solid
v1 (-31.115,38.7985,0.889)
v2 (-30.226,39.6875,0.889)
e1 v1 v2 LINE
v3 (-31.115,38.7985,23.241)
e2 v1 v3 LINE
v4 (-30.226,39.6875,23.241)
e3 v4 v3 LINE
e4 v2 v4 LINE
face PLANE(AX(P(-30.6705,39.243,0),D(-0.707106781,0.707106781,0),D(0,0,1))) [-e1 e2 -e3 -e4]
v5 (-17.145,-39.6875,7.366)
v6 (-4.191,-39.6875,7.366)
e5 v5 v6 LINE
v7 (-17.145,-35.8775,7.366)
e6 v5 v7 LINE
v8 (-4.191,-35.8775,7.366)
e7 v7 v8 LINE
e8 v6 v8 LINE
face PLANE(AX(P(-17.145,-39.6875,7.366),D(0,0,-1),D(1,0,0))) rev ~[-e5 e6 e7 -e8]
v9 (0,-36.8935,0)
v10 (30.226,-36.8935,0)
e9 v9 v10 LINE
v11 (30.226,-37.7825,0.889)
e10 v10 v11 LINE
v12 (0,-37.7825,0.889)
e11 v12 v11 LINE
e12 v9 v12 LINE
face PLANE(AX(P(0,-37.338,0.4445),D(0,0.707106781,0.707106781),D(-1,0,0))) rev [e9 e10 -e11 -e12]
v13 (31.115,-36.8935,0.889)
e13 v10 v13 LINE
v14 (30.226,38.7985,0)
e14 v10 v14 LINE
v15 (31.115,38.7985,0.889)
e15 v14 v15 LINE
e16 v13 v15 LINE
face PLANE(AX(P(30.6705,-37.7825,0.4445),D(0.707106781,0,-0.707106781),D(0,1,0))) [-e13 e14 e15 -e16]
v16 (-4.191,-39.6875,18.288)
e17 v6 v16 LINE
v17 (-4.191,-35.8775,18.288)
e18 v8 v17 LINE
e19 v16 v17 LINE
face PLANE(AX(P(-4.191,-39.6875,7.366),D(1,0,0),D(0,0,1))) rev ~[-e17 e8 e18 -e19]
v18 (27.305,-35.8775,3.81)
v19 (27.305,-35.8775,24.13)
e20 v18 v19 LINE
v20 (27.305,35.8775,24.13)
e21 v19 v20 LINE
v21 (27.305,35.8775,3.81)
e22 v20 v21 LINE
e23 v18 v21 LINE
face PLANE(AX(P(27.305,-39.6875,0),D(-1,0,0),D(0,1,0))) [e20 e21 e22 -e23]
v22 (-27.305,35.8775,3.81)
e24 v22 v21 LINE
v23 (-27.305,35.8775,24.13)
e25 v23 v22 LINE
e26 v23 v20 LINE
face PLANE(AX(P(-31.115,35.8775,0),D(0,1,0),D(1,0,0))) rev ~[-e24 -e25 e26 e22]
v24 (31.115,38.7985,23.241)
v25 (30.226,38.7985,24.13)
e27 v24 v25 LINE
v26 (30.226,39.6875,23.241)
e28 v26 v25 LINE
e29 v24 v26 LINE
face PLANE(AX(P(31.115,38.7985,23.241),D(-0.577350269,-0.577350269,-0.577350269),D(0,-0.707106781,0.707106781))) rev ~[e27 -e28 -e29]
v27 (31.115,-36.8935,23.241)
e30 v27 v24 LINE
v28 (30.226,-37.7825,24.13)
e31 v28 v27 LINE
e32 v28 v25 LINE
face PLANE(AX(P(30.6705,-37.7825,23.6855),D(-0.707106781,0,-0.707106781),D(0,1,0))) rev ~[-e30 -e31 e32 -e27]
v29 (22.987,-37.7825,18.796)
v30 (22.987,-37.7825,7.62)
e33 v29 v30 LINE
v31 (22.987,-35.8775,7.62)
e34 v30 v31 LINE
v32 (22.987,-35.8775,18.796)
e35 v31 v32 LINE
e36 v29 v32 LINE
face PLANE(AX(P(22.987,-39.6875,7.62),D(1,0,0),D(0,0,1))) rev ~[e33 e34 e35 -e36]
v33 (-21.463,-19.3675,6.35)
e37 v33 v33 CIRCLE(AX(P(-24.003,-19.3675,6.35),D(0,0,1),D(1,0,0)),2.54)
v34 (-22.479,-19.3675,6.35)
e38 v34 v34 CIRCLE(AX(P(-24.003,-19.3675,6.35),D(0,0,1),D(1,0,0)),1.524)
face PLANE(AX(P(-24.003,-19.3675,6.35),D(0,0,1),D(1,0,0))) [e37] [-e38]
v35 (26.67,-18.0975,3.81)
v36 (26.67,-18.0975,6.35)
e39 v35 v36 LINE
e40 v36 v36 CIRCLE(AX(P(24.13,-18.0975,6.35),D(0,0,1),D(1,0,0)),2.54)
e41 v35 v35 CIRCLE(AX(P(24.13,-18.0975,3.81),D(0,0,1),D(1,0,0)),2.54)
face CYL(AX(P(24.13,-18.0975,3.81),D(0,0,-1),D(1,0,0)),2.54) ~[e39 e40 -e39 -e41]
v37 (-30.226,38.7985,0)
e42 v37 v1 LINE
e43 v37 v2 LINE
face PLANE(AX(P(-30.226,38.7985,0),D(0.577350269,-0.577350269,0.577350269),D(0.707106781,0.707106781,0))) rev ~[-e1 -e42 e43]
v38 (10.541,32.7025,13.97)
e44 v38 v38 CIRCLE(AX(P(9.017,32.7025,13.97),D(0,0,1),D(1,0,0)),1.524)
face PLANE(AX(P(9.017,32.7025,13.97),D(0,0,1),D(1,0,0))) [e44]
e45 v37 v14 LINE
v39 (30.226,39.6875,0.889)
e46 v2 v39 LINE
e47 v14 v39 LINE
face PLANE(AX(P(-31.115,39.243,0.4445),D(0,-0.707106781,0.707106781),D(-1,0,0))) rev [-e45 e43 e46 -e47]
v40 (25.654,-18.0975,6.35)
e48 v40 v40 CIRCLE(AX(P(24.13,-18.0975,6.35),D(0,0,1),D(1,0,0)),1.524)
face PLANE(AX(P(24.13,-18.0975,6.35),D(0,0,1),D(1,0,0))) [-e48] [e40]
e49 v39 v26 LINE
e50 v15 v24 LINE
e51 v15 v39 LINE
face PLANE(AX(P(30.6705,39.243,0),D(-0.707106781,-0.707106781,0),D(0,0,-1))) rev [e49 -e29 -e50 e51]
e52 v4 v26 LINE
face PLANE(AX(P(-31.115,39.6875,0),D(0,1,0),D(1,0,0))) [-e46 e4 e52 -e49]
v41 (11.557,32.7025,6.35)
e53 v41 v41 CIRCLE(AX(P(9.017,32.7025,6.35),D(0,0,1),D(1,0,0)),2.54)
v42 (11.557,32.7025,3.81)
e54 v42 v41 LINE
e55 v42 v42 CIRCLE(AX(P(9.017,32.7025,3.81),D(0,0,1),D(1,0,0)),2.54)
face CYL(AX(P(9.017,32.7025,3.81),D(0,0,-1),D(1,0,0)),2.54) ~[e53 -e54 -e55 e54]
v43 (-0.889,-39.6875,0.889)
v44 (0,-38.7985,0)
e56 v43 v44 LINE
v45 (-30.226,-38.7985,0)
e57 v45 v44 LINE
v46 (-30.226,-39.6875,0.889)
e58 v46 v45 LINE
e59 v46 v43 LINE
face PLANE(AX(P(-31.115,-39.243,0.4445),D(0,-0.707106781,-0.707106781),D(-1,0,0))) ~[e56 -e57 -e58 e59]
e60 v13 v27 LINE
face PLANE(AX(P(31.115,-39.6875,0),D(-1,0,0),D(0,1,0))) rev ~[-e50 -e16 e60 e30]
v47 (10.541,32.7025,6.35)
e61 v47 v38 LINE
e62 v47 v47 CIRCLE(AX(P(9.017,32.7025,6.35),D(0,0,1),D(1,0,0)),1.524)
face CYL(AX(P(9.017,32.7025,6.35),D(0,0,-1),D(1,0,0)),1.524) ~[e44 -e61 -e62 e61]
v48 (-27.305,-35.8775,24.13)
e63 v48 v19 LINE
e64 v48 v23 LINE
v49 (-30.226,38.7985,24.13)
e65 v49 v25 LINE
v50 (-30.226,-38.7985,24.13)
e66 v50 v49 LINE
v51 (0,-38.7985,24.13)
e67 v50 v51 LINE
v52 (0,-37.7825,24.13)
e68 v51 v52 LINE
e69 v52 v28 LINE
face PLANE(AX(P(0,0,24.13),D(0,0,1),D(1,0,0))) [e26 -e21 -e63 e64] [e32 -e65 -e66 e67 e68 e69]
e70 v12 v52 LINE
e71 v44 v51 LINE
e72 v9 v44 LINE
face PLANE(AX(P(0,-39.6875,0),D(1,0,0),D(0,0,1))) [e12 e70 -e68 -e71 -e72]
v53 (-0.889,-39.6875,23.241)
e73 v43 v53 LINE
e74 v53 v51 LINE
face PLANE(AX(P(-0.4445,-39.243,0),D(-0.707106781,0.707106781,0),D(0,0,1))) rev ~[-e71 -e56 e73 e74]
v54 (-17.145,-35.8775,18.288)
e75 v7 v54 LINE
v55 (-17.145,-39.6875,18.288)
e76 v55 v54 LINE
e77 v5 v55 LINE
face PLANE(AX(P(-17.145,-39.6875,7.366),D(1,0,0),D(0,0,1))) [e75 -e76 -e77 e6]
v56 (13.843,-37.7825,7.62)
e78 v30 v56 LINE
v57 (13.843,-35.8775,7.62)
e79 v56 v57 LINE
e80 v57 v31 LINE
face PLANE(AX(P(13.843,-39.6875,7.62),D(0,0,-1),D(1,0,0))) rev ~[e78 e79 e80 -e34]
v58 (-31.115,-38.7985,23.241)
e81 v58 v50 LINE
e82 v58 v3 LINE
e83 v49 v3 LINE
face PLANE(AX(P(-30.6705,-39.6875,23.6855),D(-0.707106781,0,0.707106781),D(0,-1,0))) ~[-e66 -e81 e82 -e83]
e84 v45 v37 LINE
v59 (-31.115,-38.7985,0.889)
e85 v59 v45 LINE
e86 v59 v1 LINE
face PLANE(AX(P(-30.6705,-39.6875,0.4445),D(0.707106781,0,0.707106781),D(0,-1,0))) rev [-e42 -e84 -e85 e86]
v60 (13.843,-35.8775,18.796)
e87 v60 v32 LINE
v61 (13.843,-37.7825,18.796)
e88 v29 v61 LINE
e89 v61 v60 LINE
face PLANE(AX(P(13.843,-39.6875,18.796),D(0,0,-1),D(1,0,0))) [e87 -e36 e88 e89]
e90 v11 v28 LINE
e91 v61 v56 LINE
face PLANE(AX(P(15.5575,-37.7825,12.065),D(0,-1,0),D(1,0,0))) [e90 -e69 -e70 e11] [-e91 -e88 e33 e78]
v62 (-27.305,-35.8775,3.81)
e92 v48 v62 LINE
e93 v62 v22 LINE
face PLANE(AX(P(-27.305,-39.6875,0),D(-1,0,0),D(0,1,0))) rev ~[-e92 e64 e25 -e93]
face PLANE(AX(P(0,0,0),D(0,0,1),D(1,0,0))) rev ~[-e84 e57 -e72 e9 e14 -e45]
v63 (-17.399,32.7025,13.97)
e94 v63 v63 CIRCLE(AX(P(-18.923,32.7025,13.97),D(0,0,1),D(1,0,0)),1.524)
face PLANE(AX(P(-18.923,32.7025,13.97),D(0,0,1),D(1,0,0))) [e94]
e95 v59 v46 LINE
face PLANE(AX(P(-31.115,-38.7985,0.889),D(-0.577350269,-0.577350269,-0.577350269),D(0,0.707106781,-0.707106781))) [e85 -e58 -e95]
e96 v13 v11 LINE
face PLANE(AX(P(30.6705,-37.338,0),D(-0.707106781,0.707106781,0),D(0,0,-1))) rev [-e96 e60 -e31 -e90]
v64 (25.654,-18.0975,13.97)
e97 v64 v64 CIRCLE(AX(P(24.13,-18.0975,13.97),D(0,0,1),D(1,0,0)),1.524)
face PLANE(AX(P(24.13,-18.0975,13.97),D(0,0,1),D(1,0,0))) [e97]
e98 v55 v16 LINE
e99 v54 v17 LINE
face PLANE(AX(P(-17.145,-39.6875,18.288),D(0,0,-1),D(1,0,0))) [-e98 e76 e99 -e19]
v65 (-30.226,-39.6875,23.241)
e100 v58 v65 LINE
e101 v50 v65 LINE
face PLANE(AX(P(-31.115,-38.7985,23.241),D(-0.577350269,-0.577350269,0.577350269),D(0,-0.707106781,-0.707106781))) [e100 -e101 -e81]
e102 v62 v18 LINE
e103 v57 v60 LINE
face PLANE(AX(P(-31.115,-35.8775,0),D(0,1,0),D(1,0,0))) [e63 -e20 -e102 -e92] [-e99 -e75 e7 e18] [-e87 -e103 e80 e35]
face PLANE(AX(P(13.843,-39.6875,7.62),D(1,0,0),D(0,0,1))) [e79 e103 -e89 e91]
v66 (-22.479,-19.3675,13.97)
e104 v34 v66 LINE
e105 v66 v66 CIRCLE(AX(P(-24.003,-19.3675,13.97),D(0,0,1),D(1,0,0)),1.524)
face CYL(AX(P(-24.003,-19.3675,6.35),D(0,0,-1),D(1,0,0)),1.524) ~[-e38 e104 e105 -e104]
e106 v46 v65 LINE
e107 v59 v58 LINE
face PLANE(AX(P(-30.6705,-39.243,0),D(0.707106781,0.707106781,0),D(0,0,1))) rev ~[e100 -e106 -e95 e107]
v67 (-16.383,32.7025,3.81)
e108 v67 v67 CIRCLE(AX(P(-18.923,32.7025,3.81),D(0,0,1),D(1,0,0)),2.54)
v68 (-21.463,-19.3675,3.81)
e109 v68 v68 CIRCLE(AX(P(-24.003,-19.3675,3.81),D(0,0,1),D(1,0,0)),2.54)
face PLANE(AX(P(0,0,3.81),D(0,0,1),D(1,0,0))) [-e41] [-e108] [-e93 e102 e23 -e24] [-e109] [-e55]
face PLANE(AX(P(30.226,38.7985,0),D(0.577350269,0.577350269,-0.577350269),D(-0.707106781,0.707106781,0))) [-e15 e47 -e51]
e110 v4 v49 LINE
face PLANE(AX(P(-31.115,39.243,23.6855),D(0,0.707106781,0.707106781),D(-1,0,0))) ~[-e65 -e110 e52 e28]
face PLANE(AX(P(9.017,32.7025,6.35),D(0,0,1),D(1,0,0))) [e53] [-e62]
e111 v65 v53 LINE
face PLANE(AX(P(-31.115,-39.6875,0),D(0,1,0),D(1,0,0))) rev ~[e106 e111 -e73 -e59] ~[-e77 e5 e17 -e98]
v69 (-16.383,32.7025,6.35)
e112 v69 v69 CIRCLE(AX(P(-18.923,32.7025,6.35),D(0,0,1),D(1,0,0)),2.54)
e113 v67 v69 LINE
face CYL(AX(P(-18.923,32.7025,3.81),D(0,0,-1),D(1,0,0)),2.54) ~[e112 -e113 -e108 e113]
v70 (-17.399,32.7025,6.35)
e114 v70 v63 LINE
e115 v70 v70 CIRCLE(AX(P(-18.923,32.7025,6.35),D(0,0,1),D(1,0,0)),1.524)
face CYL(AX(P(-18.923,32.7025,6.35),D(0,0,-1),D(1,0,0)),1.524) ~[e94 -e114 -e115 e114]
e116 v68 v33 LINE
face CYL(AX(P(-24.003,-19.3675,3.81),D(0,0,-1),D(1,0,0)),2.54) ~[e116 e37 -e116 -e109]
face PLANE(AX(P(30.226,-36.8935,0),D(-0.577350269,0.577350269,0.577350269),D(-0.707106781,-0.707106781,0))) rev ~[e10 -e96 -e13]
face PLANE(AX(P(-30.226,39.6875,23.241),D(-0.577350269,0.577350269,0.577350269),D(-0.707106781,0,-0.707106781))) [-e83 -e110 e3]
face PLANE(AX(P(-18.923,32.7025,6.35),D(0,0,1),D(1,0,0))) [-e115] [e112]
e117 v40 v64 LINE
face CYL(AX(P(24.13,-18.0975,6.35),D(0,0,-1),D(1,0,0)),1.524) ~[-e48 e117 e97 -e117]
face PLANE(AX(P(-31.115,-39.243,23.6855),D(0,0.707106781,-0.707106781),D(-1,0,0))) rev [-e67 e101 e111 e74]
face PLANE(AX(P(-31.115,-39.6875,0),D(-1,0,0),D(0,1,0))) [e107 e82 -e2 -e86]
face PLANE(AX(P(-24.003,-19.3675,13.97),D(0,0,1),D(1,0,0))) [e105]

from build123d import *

# Parameters (mm, degrees)
F0_W      = 62.23
F0_H      = 79.375
F1_DEPTH  = 24.13
F2_T      = -3.81
F4_R      = 2.54
F5_DEPTH  = 2.54
F7_R      = 1.524
F8_DEPTH  = 7.62
F9_W      = 12.954
F9_H      = 10.922
F9_W_2    = 9.144
F9_H_2    = 11.176
F10_DEPTH = 3.81
F11_W     = 31.115
F11_H     = 24.13
F12_DEPTH = 1.905
F13_SIZE  = 0.889


with BuildPart() as f1:
    # F0 (on Top) → F1 (new body)
    with BuildSketch(Plane.XY):
        Rectangle(F0_W, F0_H)
    extrude(amount=F1_DEPTH)

    # F2
    f2_openings = [f1.faces().sort_by_distance(p)[0] for p in [
        (0, 0, 24.13),
    ]]
    offset(amount=F2_T, openings=f2_openings)

    # F4 (on face) → F5 (join)
    with BuildSketch(Plane.XY.offset(3.81)):
        with Locations((9.017, 32.7025)):
            Circle(F4_R)
        with Locations((-18.923, 32.7025)):
            Circle(F4_R)
        with Locations((-24.003, -19.3675)):
            Circle(F4_R)
        with Locations((24.13, -18.0975)):
            Circle(F4_R)
    extrude(amount=F5_DEPTH)

    # F7 (on offset) → F8 (join)
    with BuildSketch(Plane.XY.offset(6.35)):
        with Locations((9.017, 32.7025)):
            Circle(F7_R)
        with Locations((-18.923, 32.7025)):
            Circle(F7_R)
        with Locations((-24.003, -19.3675)):
            Circle(F7_R)
        with Locations((24.13, -18.0975)):
            Circle(F7_R)
    extrude(amount=F8_DEPTH)

    # F9 (on face) → F10 (cut, through all)
    with BuildSketch(Plane.XZ.offset(39.6875)):
        with Locations((-10.668, 12.827)):
            Rectangle(F9_W, F9_H)
        with Locations((18.415, 13.208)):
            Rectangle(F9_W_2, F9_H_2)
    extrude(amount=-F10_DEPTH, mode=Mode.SUBTRACT)

    # F11 (on face) → F12 (cut)
    with BuildSketch(Plane.XZ.offset(39.6875)):
        with Locations((15.5575, 12.065)):
            Rectangle(F11_W, F11_H)
    extrude(amount=-F12_DEPTH, mode=Mode.SUBTRACT)

    # F13
    f13_edges = [f1.edges().sort_by_distance(p)[0] for p in [
        (-15.5575, -39.6875, 24.13),
        (-31.115, 0, 24.13),
        (0, 39.6875, 24.13),
        (31.115, 39.6875, 12.065),
        (31.115, 0.9525, 24.13),
        (31.115, -37.7825, 12.065),
        (31.115, 0.9525, 0),
        (15.5575, -37.7825, 0),
        (0, -39.6875, 12.065),
        (-15.5575, -39.6875, 0),
        (-31.115, -39.6875, 12.065),
        (-31.115, 39.6875, 12.065),
        (-31.115, 0, 0),
        (0, 39.6875, 0),
    ]]
    chamfer(f13_edges, length=F13_SIZE)


solid = f1.part
